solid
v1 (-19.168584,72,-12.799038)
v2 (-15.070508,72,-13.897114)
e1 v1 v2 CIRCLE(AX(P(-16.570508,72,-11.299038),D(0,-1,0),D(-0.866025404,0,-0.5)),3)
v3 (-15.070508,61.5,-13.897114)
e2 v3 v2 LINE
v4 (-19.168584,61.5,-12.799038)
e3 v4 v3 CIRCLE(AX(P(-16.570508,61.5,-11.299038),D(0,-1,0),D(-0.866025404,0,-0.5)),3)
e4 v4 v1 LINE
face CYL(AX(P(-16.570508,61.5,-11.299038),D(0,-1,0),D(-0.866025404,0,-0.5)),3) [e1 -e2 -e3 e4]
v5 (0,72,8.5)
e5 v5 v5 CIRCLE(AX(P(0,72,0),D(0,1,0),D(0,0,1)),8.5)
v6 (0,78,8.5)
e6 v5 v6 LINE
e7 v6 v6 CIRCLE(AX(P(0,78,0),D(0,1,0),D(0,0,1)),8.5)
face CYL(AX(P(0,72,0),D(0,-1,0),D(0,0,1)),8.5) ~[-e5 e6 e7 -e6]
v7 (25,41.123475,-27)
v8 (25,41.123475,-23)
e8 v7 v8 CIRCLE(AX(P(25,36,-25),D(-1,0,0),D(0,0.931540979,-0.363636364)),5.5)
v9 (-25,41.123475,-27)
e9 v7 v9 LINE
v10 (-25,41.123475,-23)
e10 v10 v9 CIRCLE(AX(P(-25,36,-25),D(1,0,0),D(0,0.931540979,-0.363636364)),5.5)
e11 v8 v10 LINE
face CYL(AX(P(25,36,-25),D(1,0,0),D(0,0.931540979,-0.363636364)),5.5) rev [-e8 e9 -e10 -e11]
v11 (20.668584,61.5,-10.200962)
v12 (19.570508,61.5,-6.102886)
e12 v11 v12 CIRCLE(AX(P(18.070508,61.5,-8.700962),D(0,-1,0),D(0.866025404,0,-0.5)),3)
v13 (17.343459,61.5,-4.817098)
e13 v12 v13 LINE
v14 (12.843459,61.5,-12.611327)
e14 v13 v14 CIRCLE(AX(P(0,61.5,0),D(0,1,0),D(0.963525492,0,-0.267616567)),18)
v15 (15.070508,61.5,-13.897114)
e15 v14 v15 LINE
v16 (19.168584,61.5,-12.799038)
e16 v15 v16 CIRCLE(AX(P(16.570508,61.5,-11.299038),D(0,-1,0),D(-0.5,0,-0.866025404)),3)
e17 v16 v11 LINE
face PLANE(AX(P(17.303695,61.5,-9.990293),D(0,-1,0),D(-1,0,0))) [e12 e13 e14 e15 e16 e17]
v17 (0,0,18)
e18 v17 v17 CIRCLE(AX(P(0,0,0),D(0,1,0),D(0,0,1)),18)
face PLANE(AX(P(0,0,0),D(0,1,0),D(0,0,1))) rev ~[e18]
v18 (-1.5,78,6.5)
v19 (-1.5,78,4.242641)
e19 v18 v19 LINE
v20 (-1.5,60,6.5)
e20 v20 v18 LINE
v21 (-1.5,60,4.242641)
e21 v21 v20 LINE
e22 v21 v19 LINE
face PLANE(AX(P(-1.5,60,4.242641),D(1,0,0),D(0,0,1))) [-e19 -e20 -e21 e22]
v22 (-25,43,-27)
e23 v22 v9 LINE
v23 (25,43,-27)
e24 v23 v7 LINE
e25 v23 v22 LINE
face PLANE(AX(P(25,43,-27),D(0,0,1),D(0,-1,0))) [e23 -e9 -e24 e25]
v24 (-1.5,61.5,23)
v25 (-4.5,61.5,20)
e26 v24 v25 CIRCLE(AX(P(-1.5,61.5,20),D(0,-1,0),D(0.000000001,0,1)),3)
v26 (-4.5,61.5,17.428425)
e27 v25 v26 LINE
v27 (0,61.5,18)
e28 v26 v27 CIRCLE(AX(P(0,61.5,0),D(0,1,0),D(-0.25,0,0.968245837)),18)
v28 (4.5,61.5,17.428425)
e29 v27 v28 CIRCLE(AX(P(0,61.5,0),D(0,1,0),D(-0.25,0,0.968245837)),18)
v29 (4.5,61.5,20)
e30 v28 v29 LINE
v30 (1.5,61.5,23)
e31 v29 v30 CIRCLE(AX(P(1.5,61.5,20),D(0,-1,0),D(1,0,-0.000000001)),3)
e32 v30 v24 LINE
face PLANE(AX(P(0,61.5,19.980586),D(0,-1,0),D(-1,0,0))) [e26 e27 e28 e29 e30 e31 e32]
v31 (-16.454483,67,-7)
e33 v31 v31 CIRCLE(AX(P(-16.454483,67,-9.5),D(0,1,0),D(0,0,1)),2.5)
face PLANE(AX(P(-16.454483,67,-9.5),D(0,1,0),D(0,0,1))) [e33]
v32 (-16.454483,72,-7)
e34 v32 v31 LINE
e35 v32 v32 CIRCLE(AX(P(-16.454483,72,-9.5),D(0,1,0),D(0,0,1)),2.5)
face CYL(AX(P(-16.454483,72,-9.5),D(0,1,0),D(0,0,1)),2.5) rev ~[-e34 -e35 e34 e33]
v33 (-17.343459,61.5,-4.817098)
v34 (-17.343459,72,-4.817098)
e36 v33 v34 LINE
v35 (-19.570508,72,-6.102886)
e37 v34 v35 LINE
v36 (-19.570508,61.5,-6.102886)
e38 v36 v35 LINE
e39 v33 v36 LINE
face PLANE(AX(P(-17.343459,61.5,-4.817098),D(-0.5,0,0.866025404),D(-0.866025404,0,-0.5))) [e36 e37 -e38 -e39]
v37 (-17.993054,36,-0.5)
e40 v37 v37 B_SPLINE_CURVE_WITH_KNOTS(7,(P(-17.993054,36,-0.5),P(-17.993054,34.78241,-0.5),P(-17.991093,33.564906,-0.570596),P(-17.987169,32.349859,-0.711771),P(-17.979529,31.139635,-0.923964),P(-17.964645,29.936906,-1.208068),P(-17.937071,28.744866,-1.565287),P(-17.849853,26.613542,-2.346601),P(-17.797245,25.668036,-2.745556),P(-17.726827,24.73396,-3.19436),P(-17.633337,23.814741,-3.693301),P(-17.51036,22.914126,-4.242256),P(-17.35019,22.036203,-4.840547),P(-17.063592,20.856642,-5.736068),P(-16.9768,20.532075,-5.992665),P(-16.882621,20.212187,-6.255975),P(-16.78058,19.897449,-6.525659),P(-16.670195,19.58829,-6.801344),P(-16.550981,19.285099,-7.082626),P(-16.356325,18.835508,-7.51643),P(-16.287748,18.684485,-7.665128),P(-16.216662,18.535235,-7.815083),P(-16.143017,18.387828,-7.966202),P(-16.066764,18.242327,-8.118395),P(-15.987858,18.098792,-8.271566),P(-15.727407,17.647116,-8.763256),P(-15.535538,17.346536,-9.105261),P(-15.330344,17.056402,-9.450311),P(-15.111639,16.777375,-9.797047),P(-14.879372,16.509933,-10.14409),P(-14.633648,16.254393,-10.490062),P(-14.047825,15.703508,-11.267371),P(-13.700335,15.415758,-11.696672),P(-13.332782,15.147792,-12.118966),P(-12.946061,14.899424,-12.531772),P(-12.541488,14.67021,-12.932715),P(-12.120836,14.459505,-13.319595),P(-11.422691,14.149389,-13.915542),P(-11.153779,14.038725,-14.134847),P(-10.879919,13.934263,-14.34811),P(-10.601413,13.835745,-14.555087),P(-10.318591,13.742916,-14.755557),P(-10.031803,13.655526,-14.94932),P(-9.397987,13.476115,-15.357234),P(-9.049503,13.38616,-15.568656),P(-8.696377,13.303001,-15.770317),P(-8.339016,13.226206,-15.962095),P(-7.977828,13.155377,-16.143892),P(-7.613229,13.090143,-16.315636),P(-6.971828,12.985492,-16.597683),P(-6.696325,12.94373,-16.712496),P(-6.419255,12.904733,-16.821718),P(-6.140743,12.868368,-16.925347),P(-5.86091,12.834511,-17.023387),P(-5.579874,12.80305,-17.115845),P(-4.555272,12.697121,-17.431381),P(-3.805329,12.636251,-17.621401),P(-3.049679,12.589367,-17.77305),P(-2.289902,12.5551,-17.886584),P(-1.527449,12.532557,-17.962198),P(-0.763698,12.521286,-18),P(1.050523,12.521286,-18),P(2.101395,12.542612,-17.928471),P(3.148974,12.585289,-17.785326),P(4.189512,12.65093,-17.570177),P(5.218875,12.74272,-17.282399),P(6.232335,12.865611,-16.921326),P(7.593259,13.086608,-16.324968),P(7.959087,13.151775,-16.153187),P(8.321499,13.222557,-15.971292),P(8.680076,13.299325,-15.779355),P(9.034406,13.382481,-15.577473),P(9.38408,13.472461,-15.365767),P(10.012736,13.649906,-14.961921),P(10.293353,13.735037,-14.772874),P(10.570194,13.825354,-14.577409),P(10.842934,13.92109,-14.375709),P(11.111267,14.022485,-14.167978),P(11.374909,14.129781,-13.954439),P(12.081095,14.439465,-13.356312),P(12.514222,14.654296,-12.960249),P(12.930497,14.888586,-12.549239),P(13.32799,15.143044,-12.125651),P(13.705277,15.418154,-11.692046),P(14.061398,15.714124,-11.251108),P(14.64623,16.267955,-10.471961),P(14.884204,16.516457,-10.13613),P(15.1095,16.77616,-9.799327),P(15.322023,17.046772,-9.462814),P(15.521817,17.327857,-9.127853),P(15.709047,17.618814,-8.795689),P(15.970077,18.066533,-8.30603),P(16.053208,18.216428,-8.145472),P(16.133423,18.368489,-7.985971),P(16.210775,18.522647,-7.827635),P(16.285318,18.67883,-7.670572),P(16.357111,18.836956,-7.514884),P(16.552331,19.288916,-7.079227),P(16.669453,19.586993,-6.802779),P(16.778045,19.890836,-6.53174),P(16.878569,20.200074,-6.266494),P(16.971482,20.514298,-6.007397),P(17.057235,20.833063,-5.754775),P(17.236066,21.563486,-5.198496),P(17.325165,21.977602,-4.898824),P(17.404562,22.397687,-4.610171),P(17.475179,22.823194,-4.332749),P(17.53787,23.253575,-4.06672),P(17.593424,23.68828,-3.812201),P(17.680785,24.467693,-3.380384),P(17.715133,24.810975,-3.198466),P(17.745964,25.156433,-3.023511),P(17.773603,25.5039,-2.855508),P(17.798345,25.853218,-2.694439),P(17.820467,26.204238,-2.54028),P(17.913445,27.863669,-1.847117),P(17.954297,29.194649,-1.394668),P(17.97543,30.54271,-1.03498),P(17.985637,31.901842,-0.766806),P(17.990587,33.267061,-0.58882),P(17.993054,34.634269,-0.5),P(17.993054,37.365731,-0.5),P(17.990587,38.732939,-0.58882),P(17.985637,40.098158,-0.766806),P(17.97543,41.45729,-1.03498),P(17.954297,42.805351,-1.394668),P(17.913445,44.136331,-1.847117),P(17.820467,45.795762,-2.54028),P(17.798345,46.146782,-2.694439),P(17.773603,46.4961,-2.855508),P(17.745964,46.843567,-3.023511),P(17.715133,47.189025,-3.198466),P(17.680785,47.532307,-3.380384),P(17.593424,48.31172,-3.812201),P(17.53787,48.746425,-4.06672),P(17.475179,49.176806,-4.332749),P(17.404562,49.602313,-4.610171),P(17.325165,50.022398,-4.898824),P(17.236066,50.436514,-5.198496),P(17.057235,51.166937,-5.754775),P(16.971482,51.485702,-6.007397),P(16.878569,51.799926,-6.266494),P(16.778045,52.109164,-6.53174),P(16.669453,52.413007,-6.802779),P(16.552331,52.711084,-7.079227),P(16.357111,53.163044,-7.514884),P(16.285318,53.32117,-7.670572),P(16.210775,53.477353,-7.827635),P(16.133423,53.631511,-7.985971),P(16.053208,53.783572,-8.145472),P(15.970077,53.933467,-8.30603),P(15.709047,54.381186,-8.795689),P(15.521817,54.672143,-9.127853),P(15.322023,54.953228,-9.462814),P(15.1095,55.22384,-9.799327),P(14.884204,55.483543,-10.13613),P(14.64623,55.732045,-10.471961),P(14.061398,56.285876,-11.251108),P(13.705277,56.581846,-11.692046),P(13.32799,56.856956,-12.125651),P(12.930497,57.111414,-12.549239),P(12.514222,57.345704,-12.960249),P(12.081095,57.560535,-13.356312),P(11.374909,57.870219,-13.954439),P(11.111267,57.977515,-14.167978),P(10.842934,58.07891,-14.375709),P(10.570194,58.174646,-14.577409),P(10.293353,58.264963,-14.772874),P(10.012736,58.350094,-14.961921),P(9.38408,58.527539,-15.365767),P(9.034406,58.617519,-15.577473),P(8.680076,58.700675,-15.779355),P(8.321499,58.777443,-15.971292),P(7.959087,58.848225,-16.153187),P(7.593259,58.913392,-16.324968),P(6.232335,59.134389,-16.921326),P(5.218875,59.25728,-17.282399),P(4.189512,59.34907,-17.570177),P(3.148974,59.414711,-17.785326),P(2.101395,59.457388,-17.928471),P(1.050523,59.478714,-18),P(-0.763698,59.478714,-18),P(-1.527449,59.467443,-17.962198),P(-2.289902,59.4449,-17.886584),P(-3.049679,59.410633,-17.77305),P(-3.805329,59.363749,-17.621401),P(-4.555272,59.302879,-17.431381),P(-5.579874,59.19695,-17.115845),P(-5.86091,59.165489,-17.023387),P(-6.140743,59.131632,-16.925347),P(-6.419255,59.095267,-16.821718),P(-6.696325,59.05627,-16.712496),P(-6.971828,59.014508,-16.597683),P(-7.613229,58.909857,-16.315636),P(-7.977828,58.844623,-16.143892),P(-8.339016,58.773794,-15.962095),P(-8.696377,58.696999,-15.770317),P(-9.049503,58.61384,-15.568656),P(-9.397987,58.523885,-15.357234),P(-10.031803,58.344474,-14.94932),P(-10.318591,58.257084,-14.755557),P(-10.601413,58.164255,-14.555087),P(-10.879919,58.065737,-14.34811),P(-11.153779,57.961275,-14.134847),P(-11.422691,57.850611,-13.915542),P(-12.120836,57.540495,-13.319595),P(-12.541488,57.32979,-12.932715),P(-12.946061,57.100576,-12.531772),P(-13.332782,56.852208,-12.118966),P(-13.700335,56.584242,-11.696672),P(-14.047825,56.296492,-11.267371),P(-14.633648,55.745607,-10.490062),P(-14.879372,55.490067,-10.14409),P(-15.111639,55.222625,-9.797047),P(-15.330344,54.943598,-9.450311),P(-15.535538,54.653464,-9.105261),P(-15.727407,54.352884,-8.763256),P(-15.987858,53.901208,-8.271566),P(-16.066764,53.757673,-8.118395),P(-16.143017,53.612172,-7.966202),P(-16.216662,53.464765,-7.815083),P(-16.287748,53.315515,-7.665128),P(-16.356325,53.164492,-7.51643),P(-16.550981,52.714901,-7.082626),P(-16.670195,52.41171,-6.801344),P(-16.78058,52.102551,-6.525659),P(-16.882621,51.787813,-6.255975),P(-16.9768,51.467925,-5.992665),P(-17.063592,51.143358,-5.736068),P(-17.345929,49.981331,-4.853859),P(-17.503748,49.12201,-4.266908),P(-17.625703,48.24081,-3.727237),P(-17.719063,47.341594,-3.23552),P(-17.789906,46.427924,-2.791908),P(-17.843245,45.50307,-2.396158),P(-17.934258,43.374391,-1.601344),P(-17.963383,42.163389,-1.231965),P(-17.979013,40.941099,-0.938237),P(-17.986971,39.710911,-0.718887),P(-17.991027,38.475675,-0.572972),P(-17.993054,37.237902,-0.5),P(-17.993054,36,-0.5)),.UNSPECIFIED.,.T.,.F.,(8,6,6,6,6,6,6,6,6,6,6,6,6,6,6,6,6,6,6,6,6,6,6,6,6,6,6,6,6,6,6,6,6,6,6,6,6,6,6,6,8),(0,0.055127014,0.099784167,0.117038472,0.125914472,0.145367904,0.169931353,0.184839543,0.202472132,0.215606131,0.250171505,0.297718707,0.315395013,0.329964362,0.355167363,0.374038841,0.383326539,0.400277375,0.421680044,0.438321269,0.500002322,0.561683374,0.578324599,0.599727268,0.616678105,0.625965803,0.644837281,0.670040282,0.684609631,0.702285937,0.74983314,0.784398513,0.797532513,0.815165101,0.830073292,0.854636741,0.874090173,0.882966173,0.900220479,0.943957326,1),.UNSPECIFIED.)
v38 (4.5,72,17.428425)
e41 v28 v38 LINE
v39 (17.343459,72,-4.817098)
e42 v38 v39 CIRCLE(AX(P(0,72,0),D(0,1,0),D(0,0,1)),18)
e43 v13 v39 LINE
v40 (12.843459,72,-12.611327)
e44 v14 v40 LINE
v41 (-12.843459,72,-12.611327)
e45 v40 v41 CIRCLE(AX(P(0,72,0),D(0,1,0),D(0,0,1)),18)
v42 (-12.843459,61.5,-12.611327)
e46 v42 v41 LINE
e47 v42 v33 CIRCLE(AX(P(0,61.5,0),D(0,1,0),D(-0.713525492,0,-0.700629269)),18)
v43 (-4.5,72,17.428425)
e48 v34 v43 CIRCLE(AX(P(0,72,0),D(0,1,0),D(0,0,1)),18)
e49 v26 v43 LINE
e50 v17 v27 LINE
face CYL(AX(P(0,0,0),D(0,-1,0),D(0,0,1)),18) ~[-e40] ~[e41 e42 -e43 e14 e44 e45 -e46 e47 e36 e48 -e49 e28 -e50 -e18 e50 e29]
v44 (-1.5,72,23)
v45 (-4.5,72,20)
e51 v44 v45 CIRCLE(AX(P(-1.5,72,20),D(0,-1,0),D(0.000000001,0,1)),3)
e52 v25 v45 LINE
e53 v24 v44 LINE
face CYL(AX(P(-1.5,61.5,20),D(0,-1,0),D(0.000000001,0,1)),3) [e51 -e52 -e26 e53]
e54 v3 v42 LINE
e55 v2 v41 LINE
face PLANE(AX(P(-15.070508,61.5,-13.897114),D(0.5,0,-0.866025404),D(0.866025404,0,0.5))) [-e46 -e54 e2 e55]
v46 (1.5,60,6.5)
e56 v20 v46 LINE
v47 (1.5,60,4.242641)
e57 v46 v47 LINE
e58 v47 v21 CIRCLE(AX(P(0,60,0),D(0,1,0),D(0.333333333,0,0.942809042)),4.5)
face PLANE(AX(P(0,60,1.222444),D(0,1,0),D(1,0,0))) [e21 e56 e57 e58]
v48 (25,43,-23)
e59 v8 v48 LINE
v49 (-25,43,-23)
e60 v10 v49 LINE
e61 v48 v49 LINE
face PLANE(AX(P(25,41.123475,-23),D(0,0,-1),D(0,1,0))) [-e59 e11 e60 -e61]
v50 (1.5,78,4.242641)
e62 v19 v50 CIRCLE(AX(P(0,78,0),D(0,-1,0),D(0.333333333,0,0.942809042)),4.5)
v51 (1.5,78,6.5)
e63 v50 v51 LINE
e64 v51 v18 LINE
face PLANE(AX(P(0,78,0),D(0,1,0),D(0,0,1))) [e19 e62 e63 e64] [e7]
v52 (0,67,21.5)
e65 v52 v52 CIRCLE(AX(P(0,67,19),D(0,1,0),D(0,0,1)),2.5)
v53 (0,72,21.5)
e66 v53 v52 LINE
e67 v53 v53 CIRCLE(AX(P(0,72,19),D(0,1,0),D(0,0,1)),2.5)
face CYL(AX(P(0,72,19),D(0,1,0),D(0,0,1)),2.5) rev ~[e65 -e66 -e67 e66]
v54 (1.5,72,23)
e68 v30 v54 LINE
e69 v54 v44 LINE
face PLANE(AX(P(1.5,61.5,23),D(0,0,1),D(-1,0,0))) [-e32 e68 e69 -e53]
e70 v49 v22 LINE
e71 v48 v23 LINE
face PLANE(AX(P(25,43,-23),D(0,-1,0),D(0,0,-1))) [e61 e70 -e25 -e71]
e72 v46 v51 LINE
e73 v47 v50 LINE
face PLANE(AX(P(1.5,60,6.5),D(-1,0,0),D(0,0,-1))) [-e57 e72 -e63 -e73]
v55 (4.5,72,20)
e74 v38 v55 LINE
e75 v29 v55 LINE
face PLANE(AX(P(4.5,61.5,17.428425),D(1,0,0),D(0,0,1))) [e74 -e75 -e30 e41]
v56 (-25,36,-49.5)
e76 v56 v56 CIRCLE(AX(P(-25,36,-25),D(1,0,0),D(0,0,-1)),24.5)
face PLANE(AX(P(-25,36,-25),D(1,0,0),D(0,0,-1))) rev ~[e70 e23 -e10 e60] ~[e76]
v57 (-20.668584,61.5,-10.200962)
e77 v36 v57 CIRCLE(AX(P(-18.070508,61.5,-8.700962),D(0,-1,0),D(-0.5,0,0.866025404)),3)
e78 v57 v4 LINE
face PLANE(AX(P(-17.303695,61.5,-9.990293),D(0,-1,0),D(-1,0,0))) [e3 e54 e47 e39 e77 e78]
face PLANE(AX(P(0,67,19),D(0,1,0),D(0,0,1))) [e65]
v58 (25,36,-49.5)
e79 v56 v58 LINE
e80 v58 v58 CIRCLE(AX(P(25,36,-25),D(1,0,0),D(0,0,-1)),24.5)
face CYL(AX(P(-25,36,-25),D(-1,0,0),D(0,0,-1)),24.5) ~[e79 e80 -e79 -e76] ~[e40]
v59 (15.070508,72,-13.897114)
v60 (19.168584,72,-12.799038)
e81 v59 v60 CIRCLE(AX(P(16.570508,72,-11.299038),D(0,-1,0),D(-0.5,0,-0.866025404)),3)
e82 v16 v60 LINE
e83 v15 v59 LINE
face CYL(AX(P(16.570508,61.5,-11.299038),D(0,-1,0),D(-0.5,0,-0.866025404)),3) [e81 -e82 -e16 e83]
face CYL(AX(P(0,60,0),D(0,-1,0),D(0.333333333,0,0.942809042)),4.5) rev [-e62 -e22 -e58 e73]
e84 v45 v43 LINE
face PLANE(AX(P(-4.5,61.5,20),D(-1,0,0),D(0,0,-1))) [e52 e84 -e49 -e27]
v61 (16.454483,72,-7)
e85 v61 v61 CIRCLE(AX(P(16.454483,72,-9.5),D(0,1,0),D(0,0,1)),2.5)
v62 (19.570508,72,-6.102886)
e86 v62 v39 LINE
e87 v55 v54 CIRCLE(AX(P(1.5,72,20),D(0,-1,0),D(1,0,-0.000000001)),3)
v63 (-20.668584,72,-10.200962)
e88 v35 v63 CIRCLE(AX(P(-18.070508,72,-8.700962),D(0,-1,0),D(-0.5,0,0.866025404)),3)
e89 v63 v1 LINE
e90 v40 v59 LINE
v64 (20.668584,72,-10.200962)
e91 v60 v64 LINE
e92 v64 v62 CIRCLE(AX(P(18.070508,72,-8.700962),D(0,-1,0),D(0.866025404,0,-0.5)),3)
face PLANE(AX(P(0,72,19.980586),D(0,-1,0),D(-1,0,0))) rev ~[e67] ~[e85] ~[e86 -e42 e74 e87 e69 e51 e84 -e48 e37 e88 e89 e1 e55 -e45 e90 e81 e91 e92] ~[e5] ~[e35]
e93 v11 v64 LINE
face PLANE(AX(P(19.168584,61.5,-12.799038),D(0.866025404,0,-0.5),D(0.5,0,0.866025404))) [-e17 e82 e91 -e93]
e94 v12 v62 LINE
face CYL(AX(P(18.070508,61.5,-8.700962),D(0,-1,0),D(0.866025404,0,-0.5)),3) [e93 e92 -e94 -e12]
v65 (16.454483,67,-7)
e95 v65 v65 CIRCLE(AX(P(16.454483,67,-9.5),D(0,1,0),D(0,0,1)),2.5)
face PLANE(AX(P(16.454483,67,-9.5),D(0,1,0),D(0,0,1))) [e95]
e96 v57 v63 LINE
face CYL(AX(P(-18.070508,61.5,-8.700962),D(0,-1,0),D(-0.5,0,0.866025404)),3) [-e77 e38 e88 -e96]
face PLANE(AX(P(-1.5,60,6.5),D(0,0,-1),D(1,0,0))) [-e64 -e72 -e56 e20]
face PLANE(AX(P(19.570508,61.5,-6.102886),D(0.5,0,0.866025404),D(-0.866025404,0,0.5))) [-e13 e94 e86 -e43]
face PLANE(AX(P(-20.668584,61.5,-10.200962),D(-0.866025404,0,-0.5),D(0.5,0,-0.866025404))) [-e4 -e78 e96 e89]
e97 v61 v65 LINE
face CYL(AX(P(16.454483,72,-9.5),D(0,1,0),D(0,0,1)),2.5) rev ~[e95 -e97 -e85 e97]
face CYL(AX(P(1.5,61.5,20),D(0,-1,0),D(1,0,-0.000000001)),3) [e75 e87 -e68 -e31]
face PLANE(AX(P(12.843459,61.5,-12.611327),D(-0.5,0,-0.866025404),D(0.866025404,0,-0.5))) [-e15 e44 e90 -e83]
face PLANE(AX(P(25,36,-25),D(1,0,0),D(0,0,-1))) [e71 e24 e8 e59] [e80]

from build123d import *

# Parameters (mm, degrees)
SKETCH_1_R               = 18
EXTRUDE_1_DEPTH          = 72
EXTRUDE_2_DEPTH          = 25
EXTRUDE_2_DEPTH_BACK     = 25
SKETCH_2_R               = 24.5
CUT_EXTRUDE_1_DEPTH      = 101.669012284
SKETCH_5_R               = 8.5
EXTRUDE_3_DEPTH          = 6
CUT_EXTRUDE_2_DEPTH      = 10
CUT_EXTRUDE_2_DEPTH_BACK = 12
EXTRUDE_START            = -10.5
EXTRUDE_4_DEPTH          = 10.5
SKETCH_7_R               = 2.5
CUT_EXTRUDE_3_DEPTH      = 5


with BuildPart() as part:
    # 草图1 → 凸台-拉伸1 (new body)
    with BuildSketch(Plane(origin=(0, 0, 0), x_dir=(1, 0, 0), z_dir=(0, 1, 0))):
        Circle(SKETCH_1_R)
    extrude(amount=EXTRUDE_1_DEPTH)

    # 草图2 → 凸台-拉伸2 (add, two sides: drawn at the far end of the back side and taken through both)
    with BuildSketch(Plane(origin=(0, 0, 0), x_dir=(0, 0, -1), z_dir=(1, 0, 0)).offset(-EXTRUDE_2_DEPTH_BACK)):
        with Locations((25, 36)):
            Circle(SKETCH_2_R)
    extrude(amount=EXTRUDE_2_DEPTH + EXTRUDE_2_DEPTH_BACK)

    # 草图3 → 切除-拉伸1 (cut, through all)
    with BuildSketch(Plane(origin=(25, 0, 0), x_dir=(0, 0, -1), z_dir=(1, 0, 0))):
        with BuildLine():
            Line((23, 41.123475383), (23, 43))
            Line((23, 43), (27, 43))
            Line((27, 43), (27, 41.123475383))
            ThreePointArc((27, 41.123475383), (25, 30.5), (23, 41.123475383))
        make_face()
    extrude(amount=-CUT_EXTRUDE_1_DEPTH, mode=Mode.SUBTRACT)

    # 草图5 → 凸台-拉伸3 (add)
    with BuildSketch(Plane(origin=(0, 72, 0), x_dir=(1, 0, 0), z_dir=(0, 1, 0))):
        Circle(SKETCH_5_R)
    extrude(amount=EXTRUDE_3_DEPTH)

    # 草图4 → 切除-拉伸2 (cut, two sides: drawn at the far end of the back side and taken through both)
    with BuildSketch(Plane(origin=(0, 72, 0), x_dir=(1, 0, 0), z_dir=(0, 1, 0)).offset(-CUT_EXTRUDE_2_DEPTH_BACK)):
        with BuildLine():
            Line((-1.5, -4.242640687), (-1.5, -6.5))
            Line((-1.5, -6.5), (1.5, -6.5))
            Line((1.5, -6.5), (1.5, -4.242640687))
            ThreePointArc((1.5, -4.242640687), (0, 4.5), (-1.5, -4.242640687))
        make_face()
    extrude(amount=CUT_EXTRUDE_2_DEPTH + CUT_EXTRUDE_2_DEPTH_BACK, mode=Mode.SUBTRACT)

    # 草图6 → 凸台-拉伸4 (add)
    with BuildSketch(Plane(origin=(0, 72, 0), x_dir=(1, 0, 0), z_dir=(0, 1, 0)).offset(EXTRUDE_START)):
        with BuildLine():
            Line((-20.668584287, 10.200961894), (-19.168584287, 12.799038106))
            ThreePointArc((-19.168584287, 12.799038106), (-17.346965211, 14.196815585), (-15.070508076, 13.897114317))
            Line((-15.070508076, 13.897114317), (-12.843458848, 12.611326846))
            ThreePointArc((-12.843458848, 12.611326846), (-15.588457268, 9), (-17.343458848, 4.817098212))
            Line((-17.343458848, 4.817098212), (-19.570508076, 6.102885683))
            ThreePointArc((-19.570508076, 6.102885683), (-20.968285555, 7.924504759), (-20.668584287, 10.200961894))
        make_face()
        with BuildLine():
            Line((1.5, -23), (-1.5, -23))
            ThreePointArc((-1.5, -23), (-3.621320344, -22.121320344), (-4.5, -20))
            Line((-4.5, -20), (-4.5, -17.428425058))
            ThreePointArc((-4.5, -17.428425058), (0, -18), (4.5, -17.428425058))
            Line((4.5, -17.428425058), (4.5, -20))
            ThreePointArc((4.5, -20), (3.621320344, -22.121320344), (1.5, -23))
        make_face()
        with BuildLine():
            Line((19.168584287, 12.799038106), (20.668584287, 10.200961894))
            ThreePointArc((20.668584287, 10.200961894), (20.968285555, 7.924504759), (19.570508076, 6.102885683))
            Line((19.570508076, 6.102885683), (17.343458848, 4.817098212))
            ThreePointArc((17.343458848, 4.817098212), (15.588457268, 9), (12.843458848, 12.611326846))
            Line((12.843458848, 12.611326846), (15.070508076, 13.897114317))
            ThreePointArc((15.070508076, 13.897114317), (17.346965211, 14.196815585), (19.168584287, 12.799038106))
        make_face()
    extrude(amount=EXTRUDE_4_DEPTH)

    # 草图7 → 切除-拉伸3 (cut)
    with BuildSketch(Plane(origin=(0, 72, 0), x_dir=(1, 0, 0), z_dir=(0, 1, 0))):
        with Locations((0, -19)):
            Circle(SKETCH_7_R)
        with Locations((16.454482672, 9.5)):
            Circle(SKETCH_7_R)
        with Locations((-16.454482672, 9.5)):
            Circle(SKETCH_7_R)
    extrude(amount=-CUT_EXTRUDE_3_DEPTH, mode=Mode.SUBTRACT)


solid = part.part
